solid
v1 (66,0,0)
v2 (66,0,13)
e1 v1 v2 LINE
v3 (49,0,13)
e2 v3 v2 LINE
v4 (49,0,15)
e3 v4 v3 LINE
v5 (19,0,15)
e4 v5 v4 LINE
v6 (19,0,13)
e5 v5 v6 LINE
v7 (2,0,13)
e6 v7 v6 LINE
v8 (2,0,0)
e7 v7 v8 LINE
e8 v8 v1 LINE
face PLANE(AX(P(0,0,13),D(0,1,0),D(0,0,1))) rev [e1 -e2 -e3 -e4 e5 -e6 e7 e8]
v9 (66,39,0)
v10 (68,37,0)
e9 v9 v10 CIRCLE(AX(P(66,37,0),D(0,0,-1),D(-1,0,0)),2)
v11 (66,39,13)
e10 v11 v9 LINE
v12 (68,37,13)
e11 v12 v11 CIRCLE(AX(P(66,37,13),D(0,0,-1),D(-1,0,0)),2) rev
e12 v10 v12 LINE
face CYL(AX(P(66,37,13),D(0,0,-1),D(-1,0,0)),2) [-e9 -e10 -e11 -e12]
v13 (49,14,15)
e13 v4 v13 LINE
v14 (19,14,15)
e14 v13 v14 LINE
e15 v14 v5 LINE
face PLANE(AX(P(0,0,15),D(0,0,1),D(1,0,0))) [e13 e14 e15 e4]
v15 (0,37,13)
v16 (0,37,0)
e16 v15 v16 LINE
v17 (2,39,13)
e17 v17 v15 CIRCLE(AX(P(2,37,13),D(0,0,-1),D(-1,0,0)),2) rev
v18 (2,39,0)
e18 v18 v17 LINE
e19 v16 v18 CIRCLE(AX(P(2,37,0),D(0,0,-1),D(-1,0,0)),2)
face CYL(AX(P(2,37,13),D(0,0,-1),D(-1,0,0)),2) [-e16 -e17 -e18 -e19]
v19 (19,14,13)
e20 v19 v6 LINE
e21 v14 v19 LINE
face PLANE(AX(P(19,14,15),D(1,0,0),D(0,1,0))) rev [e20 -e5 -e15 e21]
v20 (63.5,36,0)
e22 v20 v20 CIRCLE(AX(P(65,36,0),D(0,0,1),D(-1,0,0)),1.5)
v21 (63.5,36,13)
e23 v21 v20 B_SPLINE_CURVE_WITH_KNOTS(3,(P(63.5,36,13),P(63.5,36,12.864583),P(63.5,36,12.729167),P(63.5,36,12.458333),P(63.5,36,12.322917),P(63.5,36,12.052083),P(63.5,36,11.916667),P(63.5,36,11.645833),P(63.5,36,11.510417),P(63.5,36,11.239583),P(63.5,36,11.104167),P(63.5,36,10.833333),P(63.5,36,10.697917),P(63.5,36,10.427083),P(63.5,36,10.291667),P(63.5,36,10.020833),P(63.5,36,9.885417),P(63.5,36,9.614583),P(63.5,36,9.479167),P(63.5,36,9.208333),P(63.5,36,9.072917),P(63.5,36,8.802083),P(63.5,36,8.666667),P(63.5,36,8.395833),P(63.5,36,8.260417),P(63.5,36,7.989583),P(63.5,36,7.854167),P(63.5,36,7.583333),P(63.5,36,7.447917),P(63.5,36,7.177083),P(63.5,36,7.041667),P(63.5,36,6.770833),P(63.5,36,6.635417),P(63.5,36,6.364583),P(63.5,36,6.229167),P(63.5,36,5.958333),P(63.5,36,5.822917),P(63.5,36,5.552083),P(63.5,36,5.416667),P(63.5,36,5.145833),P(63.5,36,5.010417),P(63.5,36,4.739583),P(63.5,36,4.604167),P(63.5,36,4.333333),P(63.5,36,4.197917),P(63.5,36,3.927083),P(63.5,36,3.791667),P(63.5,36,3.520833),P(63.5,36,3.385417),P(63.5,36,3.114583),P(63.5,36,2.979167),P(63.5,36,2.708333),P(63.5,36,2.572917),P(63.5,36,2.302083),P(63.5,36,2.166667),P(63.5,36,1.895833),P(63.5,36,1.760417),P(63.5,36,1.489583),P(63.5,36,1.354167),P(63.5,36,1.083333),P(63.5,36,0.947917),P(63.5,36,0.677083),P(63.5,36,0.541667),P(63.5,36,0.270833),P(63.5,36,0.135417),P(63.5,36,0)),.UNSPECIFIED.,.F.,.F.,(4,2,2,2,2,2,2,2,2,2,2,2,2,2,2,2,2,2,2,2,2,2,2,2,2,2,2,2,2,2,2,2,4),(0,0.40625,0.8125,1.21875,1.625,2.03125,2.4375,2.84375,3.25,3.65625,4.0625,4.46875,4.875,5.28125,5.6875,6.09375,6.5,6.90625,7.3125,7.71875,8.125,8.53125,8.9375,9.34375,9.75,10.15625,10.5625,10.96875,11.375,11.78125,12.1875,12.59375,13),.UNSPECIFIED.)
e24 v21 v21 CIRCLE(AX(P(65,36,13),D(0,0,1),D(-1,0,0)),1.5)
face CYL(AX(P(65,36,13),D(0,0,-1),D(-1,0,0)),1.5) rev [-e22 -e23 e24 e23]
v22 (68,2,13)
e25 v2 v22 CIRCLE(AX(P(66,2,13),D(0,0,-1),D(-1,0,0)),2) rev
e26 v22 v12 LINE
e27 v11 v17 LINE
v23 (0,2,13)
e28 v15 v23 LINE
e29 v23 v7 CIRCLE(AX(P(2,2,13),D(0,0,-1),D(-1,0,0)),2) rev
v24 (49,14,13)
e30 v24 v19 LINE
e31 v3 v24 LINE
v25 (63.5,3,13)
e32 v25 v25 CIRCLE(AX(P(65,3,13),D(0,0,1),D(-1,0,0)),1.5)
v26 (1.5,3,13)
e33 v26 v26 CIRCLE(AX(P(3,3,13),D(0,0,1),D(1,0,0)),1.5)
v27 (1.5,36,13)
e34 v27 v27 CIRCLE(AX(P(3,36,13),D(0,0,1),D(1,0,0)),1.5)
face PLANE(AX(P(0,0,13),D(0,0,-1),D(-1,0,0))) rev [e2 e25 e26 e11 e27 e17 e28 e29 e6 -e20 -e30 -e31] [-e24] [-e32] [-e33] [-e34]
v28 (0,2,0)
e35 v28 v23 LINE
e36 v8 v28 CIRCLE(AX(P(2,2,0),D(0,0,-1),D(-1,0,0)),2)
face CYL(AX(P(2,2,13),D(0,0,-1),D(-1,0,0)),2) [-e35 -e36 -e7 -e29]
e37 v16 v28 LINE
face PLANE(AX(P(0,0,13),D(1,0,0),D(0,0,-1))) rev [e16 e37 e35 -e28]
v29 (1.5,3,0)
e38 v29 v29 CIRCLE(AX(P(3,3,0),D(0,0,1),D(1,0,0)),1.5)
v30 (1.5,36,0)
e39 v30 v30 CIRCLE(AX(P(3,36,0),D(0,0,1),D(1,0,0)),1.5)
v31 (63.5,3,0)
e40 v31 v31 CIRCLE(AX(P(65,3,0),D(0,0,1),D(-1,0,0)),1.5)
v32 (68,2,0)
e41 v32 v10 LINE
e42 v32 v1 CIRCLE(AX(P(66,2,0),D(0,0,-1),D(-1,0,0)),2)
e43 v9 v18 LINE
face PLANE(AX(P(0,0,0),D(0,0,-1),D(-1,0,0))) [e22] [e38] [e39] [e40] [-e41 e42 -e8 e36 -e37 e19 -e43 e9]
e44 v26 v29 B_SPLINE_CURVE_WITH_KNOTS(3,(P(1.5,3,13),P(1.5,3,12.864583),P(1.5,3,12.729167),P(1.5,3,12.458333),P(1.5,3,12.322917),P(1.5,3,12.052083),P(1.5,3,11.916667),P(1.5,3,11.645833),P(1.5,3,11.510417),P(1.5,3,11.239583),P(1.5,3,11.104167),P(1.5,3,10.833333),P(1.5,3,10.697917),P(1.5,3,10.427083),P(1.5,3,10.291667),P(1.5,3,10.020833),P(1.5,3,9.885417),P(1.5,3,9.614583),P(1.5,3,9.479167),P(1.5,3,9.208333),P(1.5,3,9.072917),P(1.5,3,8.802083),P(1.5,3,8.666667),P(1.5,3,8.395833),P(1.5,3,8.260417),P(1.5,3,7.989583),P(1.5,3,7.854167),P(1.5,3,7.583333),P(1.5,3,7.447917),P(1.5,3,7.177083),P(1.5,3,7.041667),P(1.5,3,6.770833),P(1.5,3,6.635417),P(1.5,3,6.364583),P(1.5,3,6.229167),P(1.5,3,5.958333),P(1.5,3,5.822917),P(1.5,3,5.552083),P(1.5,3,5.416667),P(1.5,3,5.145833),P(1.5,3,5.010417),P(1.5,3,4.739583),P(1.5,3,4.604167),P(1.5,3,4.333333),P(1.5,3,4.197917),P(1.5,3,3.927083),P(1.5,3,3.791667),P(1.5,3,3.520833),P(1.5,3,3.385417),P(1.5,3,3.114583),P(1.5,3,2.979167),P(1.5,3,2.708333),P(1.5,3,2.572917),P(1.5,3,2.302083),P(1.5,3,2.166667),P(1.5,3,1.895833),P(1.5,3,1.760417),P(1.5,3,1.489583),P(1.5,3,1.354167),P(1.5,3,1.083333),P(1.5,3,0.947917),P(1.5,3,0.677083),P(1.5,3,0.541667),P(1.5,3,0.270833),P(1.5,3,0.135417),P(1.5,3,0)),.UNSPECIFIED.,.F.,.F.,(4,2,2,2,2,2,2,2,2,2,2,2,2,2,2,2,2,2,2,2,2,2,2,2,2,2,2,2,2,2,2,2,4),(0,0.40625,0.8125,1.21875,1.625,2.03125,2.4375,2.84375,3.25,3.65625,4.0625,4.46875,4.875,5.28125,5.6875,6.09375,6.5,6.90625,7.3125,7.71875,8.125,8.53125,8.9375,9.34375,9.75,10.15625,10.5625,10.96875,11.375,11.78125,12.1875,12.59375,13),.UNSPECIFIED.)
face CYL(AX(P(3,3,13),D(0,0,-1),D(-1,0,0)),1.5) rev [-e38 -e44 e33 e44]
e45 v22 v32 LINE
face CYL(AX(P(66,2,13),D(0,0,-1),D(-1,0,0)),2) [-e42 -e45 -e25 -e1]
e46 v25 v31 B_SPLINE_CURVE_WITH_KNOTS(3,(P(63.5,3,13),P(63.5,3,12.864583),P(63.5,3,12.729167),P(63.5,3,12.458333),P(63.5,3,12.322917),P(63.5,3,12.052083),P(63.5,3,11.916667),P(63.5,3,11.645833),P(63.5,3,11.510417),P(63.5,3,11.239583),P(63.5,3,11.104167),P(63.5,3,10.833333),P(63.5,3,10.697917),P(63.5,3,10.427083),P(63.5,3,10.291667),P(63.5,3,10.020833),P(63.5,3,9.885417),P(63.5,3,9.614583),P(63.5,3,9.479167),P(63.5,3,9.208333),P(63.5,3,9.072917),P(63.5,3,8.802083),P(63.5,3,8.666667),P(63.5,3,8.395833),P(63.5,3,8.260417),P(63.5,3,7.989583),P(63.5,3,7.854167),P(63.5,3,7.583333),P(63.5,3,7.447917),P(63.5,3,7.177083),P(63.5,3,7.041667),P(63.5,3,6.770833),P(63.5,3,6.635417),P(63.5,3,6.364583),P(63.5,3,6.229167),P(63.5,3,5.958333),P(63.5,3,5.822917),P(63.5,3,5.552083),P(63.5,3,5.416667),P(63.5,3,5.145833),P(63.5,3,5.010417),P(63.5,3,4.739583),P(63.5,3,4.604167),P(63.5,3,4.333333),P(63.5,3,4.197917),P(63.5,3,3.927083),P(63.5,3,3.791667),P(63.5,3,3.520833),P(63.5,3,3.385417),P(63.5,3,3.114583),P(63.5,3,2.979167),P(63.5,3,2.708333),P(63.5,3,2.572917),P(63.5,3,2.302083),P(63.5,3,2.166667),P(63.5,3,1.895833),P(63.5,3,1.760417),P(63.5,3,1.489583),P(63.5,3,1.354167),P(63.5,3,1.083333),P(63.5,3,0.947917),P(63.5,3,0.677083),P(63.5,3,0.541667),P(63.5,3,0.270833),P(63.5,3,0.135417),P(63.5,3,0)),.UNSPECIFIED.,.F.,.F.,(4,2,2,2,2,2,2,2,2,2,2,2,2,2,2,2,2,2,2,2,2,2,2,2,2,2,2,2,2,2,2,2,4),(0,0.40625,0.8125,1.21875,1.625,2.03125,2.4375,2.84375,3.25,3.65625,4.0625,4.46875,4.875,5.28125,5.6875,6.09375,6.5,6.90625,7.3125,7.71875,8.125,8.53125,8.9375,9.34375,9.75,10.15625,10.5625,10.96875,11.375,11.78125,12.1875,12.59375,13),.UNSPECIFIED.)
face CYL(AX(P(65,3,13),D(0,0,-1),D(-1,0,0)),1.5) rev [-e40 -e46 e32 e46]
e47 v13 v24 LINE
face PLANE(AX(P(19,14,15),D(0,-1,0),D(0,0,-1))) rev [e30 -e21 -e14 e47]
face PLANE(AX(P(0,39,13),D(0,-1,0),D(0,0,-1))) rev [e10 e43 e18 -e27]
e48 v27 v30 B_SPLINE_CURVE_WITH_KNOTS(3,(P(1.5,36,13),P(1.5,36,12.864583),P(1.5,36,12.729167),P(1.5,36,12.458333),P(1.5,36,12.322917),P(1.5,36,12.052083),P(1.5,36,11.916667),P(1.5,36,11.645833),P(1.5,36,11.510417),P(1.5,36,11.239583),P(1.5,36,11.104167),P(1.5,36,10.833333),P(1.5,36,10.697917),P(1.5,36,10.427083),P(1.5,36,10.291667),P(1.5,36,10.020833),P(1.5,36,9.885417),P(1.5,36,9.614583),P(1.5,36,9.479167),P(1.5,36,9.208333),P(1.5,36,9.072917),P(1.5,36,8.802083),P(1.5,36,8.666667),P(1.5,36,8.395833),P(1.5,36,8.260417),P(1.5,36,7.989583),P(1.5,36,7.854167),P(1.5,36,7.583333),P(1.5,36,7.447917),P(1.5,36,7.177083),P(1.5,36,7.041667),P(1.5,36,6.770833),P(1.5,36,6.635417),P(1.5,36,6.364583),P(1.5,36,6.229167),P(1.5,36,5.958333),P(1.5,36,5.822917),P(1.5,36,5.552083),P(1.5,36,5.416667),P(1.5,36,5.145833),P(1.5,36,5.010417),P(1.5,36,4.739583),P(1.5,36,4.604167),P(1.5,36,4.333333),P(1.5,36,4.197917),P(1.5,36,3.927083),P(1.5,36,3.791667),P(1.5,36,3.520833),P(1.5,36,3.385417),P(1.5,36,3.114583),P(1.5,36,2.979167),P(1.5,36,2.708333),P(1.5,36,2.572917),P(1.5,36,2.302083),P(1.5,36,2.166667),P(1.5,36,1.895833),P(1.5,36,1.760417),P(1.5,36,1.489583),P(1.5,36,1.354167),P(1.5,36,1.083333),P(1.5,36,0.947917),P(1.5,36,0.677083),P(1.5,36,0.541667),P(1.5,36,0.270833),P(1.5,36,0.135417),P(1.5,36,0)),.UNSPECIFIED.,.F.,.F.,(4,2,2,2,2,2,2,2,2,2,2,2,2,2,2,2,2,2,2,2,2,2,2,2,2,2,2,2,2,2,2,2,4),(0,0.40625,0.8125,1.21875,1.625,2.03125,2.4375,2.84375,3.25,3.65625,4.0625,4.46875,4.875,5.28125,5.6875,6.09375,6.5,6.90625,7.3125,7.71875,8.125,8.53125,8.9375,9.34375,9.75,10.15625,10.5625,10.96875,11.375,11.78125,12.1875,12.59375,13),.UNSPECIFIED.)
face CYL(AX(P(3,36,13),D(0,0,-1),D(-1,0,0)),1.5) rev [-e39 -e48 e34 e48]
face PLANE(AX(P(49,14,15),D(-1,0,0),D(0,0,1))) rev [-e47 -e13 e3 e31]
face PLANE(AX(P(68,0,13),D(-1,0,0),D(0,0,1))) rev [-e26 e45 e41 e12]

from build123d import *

# Parameters (mm, degrees)
CROQUIS1_W              = 68
CROQUIS1_H              = 39
CROQUIS1_R              = 1.5
SALIENTE_EXTRUIR1_DEPTH = 13
REDONDEO1_R             = 2
CROQUIS2_W              = 30
CROQUIS2_H              = 14
SALIENTE_EXTRUIR2_DEPTH = 2


with BuildPart() as part:
    # Croquis1 → Saliente-Extruir1 (new body)
    with BuildSketch(Plane.XY):
        with Locations((34, 19.5)):
            Rectangle(CROQUIS1_W, CROQUIS1_H)
        with Locations(Location((3, 36, 0), (0, 0, 180))):
            Circle(CROQUIS1_R, mode=Mode.SUBTRACT)
        with Locations(Location((3, 3, 0), (0, 0, 180))):
            Circle(CROQUIS1_R, mode=Mode.SUBTRACT)
        with Locations(Location((65, 36, 0), (0, 0, 180))):
            Circle(CROQUIS1_R, mode=Mode.SUBTRACT)
        with Locations(Location((65, 3, 0), (0, 0, 180))):
            Circle(CROQUIS1_R, mode=Mode.SUBTRACT)
    extrude(amount=SALIENTE_EXTRUIR1_DEPTH)

    # Redondeo1
    redondeo1_edges = [part.edges().sort_by_distance(p)[0] for p in [
        (0, 39, 6.5),
        (68, 39, 6.5),
        (68, 0, 6.5),
        (0, 0, 6.5),
    ]]
    fillet(redondeo1_edges, radius=REDONDEO1_R)

    # Croquis2 → Saliente-Extruir2 (add)
    with BuildSketch(Plane.XY.offset(13)):
        with Locations((34, 7)):
            Rectangle(CROQUIS2_W, CROQUIS2_H)
    extrude(amount=SALIENTE_EXTRUIR2_DEPTH)


solid = part.part
